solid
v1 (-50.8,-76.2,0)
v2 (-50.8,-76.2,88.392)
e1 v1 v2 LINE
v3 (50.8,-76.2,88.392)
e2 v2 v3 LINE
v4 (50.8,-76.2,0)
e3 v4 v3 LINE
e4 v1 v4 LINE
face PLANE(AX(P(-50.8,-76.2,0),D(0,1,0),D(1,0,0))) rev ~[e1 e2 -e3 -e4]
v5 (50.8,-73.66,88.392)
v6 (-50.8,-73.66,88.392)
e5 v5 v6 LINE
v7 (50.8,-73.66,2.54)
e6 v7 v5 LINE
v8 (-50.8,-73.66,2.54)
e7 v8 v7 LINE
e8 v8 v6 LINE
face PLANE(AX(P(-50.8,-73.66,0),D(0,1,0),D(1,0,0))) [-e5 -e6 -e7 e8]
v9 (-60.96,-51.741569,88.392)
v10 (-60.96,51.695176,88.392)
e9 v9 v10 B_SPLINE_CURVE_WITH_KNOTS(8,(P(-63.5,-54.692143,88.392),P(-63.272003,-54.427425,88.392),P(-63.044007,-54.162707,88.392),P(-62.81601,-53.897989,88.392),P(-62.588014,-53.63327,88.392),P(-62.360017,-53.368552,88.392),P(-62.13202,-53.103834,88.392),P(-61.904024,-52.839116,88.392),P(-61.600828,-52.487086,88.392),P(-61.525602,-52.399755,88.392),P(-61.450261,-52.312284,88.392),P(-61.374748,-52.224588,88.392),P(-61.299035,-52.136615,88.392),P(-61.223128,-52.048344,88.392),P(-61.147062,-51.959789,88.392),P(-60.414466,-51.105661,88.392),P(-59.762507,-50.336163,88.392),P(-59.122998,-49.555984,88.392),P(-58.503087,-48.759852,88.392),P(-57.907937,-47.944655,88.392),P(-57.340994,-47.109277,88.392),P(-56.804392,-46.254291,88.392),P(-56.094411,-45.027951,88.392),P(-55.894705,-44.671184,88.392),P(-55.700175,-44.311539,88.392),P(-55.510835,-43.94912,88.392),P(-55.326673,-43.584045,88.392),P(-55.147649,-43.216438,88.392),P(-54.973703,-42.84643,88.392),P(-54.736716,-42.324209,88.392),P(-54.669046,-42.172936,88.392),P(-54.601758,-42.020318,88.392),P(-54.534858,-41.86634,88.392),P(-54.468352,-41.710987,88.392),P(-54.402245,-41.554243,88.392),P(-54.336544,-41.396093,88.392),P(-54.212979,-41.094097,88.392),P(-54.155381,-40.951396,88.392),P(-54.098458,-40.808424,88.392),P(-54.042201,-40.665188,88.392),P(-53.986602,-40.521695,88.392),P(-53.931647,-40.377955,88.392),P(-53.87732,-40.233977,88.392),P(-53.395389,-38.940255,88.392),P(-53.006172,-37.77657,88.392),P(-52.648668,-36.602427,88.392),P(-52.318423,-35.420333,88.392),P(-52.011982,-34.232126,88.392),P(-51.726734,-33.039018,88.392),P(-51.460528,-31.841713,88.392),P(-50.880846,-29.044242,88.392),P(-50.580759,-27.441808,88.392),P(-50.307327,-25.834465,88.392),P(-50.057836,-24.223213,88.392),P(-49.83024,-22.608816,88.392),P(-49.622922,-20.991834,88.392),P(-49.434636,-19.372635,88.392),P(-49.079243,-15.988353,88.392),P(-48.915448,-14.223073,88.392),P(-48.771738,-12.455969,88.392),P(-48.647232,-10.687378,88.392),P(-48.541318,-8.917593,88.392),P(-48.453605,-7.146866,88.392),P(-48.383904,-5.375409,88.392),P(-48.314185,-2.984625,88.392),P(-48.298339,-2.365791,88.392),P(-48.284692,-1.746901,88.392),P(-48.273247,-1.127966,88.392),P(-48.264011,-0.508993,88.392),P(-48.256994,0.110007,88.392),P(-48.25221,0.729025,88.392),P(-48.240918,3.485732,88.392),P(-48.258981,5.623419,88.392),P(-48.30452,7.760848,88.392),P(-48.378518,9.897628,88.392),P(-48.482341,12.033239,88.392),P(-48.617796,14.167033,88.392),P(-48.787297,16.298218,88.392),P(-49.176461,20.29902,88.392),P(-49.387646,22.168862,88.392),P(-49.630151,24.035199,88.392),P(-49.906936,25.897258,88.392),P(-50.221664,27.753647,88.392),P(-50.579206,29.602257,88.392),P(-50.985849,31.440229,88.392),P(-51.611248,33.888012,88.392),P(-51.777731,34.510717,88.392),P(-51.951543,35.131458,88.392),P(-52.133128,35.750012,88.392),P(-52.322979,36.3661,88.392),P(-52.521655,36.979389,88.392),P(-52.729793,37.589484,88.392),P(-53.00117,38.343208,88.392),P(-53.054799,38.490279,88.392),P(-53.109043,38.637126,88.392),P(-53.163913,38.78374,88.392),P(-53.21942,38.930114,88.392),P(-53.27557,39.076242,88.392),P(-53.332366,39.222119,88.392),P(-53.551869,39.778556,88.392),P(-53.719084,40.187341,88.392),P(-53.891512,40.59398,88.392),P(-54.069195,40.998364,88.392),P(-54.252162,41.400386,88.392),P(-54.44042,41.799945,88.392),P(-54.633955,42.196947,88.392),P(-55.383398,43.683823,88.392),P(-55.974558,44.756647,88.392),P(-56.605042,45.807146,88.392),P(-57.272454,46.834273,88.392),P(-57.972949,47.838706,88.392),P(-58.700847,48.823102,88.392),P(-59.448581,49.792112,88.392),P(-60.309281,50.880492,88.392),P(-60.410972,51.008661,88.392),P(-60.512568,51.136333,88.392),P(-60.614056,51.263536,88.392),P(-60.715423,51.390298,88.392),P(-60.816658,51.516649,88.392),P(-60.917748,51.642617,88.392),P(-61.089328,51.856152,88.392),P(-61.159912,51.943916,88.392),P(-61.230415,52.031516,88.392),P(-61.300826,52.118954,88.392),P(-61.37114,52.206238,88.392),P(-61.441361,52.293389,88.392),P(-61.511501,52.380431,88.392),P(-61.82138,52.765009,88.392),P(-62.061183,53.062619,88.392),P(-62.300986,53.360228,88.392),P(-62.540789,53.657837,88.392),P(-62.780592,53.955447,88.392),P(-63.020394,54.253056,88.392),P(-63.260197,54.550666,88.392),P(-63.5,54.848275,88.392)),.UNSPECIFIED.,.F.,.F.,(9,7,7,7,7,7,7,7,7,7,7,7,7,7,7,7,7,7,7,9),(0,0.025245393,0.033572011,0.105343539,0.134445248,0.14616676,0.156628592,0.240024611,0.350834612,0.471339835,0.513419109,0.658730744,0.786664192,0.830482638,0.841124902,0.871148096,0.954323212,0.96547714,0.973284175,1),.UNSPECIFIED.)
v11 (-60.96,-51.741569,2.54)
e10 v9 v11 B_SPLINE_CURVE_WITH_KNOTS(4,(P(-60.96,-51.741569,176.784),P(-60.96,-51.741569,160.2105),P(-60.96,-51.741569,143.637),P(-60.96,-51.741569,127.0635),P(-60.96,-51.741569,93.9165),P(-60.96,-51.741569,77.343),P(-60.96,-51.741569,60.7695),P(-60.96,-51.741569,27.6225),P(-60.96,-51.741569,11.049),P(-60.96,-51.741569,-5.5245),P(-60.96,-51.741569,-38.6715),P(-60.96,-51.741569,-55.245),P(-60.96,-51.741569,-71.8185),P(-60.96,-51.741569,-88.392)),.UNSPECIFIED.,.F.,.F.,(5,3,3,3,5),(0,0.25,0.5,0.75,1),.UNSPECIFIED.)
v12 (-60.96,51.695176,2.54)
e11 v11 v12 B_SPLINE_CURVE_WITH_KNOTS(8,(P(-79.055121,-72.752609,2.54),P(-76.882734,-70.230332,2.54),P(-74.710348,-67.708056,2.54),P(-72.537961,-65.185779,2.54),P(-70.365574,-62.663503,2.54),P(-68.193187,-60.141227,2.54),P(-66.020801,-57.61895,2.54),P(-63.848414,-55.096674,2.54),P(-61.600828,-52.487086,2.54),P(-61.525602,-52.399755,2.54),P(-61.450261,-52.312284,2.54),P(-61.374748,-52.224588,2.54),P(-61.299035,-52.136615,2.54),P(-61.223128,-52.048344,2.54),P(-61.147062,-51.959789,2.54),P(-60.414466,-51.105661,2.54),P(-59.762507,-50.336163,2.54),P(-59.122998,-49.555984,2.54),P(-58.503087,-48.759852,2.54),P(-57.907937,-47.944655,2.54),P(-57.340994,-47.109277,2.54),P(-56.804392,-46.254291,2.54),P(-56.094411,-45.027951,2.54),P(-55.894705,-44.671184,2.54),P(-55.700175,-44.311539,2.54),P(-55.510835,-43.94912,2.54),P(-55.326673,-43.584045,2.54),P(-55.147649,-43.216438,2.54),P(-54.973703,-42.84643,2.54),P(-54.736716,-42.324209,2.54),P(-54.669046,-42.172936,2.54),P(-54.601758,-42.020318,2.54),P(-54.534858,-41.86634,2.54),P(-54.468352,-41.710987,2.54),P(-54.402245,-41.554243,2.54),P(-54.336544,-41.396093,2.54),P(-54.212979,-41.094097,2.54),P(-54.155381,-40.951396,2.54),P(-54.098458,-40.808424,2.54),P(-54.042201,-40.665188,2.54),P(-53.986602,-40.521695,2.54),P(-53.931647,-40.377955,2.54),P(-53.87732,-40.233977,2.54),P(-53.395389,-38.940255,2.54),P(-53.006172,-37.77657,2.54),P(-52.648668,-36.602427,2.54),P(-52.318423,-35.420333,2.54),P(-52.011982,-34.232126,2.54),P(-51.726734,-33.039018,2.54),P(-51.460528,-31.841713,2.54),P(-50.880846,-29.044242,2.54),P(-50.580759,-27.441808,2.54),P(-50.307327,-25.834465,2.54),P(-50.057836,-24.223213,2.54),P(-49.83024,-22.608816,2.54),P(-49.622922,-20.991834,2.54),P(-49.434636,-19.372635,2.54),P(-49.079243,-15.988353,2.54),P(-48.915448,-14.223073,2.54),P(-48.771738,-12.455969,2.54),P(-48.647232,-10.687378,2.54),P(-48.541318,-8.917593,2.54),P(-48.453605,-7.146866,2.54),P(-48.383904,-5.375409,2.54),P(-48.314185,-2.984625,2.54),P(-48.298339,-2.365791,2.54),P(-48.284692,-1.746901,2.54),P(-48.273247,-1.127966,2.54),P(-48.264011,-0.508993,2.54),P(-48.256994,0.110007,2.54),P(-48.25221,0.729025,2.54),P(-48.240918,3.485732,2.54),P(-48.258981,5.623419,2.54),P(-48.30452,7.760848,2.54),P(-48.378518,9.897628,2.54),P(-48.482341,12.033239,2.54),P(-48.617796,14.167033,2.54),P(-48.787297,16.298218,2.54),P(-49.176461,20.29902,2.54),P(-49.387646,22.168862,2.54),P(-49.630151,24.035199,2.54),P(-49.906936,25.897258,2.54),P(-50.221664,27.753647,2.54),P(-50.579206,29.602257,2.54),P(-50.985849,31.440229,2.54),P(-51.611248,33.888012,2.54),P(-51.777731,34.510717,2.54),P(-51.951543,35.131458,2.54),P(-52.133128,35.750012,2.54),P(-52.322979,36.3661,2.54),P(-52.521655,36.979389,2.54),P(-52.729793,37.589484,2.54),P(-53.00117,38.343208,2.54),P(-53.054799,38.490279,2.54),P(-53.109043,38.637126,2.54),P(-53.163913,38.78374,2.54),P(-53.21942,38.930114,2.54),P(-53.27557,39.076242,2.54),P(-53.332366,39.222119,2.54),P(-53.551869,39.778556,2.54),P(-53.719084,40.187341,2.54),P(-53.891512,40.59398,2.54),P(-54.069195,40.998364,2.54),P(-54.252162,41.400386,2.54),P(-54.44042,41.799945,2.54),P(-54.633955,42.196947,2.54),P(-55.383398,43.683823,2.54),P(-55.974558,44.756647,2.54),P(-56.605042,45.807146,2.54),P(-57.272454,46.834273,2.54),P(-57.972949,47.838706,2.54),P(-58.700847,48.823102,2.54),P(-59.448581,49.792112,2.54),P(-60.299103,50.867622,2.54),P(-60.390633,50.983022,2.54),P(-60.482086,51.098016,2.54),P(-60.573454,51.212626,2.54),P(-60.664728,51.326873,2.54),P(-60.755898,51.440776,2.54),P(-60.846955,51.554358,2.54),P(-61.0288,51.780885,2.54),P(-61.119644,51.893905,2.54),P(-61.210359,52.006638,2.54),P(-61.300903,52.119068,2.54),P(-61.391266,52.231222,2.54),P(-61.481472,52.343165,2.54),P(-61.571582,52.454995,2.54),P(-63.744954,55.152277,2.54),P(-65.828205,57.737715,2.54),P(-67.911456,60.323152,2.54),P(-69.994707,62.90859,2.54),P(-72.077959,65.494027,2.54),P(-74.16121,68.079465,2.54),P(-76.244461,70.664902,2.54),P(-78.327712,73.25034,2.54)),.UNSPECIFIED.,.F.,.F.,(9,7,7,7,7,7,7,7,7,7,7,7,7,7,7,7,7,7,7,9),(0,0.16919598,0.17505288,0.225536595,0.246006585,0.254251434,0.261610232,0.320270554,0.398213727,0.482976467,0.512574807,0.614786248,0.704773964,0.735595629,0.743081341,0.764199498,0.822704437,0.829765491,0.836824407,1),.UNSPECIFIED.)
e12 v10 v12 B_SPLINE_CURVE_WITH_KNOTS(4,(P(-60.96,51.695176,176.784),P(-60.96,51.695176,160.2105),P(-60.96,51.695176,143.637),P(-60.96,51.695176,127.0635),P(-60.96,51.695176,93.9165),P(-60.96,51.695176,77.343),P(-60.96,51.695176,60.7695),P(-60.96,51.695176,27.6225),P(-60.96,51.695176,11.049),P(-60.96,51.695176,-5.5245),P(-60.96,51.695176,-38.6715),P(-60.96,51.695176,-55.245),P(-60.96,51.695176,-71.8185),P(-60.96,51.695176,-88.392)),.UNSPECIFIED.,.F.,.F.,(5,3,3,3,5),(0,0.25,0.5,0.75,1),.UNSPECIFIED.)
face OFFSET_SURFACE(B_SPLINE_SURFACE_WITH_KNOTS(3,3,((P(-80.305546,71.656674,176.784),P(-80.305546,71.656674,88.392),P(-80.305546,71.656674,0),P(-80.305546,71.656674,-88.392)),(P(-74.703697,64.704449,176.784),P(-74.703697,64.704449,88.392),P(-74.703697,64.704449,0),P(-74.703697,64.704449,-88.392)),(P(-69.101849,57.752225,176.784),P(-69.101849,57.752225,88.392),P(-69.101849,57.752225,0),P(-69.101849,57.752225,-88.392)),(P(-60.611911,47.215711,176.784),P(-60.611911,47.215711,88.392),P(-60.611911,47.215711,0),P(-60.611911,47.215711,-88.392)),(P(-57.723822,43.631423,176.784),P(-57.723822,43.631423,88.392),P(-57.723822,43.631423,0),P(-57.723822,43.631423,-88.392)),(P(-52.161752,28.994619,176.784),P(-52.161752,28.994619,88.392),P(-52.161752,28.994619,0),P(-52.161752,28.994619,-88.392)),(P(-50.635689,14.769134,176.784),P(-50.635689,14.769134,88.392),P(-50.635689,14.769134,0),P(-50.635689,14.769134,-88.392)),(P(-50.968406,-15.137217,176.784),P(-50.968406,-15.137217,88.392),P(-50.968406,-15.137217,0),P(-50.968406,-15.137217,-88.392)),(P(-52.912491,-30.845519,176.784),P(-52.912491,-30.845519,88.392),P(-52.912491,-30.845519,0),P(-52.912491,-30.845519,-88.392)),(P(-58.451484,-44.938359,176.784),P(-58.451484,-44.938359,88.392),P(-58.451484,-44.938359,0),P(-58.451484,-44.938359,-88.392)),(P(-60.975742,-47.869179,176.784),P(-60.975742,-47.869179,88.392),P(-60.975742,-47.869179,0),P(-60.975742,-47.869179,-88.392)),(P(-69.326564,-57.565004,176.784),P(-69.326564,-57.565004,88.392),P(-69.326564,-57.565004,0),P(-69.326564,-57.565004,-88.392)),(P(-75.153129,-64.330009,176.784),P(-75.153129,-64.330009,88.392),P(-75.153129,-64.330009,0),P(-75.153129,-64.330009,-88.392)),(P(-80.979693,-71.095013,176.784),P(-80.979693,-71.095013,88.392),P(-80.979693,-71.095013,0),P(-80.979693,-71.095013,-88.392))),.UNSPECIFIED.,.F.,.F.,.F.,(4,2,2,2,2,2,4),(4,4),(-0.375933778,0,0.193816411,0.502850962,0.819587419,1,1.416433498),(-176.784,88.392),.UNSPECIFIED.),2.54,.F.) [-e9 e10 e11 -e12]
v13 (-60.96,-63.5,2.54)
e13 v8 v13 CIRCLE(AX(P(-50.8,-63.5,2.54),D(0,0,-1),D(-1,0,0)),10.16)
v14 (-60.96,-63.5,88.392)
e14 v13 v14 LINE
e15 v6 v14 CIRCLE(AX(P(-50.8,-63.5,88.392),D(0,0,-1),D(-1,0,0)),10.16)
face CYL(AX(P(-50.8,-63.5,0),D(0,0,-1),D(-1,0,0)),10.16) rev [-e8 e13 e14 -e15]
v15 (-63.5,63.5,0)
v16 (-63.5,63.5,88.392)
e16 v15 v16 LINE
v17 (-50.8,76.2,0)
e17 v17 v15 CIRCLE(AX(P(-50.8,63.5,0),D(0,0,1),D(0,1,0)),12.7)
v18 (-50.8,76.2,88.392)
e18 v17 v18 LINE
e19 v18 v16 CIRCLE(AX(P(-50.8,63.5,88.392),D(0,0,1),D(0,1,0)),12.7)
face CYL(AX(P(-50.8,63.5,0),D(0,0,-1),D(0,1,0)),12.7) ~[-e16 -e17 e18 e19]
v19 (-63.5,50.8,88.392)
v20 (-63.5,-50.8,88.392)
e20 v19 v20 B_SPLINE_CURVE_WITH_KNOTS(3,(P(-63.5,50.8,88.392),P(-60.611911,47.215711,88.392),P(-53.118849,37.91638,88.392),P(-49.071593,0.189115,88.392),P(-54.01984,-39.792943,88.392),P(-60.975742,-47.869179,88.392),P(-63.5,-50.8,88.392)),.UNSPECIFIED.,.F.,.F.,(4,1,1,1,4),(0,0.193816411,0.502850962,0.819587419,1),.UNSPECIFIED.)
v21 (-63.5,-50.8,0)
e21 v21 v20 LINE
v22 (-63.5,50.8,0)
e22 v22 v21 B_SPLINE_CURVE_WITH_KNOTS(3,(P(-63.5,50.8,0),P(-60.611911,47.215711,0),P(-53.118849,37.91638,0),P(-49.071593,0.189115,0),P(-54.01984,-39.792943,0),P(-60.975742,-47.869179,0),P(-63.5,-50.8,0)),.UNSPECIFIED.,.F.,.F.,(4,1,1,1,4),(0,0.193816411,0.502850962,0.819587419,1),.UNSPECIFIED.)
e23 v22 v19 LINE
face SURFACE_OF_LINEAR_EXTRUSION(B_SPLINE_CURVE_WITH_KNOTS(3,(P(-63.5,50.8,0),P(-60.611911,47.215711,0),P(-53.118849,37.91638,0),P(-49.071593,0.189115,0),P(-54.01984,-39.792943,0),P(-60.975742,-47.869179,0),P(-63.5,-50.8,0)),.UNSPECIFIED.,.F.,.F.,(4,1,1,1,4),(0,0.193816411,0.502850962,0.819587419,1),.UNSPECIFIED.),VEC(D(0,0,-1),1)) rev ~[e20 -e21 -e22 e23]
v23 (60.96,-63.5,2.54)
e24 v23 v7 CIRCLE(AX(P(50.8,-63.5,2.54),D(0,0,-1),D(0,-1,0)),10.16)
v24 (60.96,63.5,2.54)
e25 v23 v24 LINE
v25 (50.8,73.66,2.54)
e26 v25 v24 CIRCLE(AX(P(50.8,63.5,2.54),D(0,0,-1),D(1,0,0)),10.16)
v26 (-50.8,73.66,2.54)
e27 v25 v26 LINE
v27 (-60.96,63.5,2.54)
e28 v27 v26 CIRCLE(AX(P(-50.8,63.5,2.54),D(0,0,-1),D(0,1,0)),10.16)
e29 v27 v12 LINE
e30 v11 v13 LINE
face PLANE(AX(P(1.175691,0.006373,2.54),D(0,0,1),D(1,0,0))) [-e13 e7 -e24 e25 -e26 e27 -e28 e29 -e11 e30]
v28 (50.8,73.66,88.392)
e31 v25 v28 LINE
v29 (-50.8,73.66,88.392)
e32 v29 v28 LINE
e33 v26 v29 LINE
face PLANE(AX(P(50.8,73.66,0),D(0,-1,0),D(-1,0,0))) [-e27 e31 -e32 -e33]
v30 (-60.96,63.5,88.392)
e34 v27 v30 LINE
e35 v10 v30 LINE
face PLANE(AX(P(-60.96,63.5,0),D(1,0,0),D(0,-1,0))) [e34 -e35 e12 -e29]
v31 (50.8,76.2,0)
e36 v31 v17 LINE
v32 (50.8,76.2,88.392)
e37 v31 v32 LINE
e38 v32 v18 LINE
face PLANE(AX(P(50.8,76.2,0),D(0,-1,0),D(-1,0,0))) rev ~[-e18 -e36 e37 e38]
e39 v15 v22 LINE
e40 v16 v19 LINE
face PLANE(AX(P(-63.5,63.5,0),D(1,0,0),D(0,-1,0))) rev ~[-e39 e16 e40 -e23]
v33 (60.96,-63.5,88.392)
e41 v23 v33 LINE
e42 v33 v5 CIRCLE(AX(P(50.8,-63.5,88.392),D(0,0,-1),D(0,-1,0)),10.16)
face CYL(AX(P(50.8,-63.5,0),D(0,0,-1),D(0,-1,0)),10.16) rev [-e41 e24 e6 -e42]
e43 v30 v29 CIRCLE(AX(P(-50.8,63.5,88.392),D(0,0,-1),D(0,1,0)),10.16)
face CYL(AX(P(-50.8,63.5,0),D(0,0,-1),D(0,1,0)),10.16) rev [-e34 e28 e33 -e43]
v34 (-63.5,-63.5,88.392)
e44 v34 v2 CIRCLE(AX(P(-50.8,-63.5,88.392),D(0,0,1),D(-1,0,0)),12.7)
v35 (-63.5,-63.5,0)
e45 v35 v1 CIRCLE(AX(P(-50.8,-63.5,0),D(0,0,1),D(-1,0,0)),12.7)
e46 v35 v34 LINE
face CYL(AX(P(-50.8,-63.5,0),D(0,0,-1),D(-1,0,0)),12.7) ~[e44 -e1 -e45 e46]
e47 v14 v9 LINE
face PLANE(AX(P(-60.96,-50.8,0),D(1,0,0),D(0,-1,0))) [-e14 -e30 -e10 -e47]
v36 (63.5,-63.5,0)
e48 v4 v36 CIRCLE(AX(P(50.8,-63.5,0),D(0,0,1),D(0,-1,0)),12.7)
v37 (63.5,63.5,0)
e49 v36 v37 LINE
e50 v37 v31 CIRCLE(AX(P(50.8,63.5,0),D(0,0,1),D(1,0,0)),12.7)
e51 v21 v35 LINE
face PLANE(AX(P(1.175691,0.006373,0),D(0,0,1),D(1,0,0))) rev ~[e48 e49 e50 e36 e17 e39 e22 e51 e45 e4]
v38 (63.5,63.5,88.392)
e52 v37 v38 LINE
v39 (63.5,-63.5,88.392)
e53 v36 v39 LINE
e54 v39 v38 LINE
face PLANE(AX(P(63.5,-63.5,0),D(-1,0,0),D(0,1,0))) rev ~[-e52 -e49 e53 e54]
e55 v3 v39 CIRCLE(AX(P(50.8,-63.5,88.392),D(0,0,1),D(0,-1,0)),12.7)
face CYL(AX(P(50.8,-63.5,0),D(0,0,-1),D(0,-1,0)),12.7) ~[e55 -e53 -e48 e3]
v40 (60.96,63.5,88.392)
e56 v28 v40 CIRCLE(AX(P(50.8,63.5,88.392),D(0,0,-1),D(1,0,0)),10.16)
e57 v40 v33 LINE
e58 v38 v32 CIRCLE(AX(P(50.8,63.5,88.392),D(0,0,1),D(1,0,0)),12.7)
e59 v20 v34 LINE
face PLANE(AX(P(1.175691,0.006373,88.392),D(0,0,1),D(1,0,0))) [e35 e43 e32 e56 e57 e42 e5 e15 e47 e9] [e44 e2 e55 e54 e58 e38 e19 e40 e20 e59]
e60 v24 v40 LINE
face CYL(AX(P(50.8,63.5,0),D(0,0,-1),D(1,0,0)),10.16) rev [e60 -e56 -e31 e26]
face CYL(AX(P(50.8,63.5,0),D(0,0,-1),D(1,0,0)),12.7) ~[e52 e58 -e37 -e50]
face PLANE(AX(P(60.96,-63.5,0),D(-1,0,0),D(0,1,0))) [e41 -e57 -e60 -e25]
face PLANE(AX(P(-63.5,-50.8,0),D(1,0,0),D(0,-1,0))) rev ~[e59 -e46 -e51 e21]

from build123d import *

# Parameters (mm, degrees)
F1_DEPTH = 88.392
F2_T     = -2.54


with BuildPart() as f1:
    # F0 (on Top) → F1 (new body)
    with BuildSketch(Plane.XY):
        with BuildLine():
            ThreePointArc((63.5, 63.5), (59.7802561211, 72.4802561211), (50.8, 76.2))
            Line((50.8, 76.2), (-50.8, 76.2))
            ThreePointArc((-50.8, 76.2), (-59.7802561211, 72.4802561211), (-63.5, 63.5))
            Line((-63.5, 63.5), (-63.5, 50.8))
            add(Edge.make_bspline(
                [(-63.5, 50.8), (-60.6119109772, 47.215711267), (-53.1188491789, 37.9163798517), (-49.071593194, 0.1891146199), (-54.0198395986, -39.7929429467), (-60.9757421936, -47.8691793687), (-63.5, -50.8)],
                knots=[0, 0, 0, 0, 0.1938164107, 0.5028509619, 0.819587419, 1, 1, 1, 1], degree=3))
            Line((-63.5, -50.8), (-63.5, -63.5))
            ThreePointArc((-63.5, -63.5), (-59.7802561211, -72.4802561211), (-50.8, -76.2))
            Line((-50.8, -76.2), (50.8, -76.2))
            ThreePointArc((50.8, -76.2), (59.7802561211, -72.4802561211), (63.5, -63.5))
            Line((63.5, -63.5), (63.5, 63.5))
        make_face()
    extrude(amount=F1_DEPTH)

    # F2
    f2_openings = [f1.faces().sort_by_distance(p)[0] for p in [
        (3.091409, -0.011581, 88.392),
    ]]
    offset(amount=F2_T, openings=f2_openings, kind=Kind.INTERSECTION)


solid = f1.part
